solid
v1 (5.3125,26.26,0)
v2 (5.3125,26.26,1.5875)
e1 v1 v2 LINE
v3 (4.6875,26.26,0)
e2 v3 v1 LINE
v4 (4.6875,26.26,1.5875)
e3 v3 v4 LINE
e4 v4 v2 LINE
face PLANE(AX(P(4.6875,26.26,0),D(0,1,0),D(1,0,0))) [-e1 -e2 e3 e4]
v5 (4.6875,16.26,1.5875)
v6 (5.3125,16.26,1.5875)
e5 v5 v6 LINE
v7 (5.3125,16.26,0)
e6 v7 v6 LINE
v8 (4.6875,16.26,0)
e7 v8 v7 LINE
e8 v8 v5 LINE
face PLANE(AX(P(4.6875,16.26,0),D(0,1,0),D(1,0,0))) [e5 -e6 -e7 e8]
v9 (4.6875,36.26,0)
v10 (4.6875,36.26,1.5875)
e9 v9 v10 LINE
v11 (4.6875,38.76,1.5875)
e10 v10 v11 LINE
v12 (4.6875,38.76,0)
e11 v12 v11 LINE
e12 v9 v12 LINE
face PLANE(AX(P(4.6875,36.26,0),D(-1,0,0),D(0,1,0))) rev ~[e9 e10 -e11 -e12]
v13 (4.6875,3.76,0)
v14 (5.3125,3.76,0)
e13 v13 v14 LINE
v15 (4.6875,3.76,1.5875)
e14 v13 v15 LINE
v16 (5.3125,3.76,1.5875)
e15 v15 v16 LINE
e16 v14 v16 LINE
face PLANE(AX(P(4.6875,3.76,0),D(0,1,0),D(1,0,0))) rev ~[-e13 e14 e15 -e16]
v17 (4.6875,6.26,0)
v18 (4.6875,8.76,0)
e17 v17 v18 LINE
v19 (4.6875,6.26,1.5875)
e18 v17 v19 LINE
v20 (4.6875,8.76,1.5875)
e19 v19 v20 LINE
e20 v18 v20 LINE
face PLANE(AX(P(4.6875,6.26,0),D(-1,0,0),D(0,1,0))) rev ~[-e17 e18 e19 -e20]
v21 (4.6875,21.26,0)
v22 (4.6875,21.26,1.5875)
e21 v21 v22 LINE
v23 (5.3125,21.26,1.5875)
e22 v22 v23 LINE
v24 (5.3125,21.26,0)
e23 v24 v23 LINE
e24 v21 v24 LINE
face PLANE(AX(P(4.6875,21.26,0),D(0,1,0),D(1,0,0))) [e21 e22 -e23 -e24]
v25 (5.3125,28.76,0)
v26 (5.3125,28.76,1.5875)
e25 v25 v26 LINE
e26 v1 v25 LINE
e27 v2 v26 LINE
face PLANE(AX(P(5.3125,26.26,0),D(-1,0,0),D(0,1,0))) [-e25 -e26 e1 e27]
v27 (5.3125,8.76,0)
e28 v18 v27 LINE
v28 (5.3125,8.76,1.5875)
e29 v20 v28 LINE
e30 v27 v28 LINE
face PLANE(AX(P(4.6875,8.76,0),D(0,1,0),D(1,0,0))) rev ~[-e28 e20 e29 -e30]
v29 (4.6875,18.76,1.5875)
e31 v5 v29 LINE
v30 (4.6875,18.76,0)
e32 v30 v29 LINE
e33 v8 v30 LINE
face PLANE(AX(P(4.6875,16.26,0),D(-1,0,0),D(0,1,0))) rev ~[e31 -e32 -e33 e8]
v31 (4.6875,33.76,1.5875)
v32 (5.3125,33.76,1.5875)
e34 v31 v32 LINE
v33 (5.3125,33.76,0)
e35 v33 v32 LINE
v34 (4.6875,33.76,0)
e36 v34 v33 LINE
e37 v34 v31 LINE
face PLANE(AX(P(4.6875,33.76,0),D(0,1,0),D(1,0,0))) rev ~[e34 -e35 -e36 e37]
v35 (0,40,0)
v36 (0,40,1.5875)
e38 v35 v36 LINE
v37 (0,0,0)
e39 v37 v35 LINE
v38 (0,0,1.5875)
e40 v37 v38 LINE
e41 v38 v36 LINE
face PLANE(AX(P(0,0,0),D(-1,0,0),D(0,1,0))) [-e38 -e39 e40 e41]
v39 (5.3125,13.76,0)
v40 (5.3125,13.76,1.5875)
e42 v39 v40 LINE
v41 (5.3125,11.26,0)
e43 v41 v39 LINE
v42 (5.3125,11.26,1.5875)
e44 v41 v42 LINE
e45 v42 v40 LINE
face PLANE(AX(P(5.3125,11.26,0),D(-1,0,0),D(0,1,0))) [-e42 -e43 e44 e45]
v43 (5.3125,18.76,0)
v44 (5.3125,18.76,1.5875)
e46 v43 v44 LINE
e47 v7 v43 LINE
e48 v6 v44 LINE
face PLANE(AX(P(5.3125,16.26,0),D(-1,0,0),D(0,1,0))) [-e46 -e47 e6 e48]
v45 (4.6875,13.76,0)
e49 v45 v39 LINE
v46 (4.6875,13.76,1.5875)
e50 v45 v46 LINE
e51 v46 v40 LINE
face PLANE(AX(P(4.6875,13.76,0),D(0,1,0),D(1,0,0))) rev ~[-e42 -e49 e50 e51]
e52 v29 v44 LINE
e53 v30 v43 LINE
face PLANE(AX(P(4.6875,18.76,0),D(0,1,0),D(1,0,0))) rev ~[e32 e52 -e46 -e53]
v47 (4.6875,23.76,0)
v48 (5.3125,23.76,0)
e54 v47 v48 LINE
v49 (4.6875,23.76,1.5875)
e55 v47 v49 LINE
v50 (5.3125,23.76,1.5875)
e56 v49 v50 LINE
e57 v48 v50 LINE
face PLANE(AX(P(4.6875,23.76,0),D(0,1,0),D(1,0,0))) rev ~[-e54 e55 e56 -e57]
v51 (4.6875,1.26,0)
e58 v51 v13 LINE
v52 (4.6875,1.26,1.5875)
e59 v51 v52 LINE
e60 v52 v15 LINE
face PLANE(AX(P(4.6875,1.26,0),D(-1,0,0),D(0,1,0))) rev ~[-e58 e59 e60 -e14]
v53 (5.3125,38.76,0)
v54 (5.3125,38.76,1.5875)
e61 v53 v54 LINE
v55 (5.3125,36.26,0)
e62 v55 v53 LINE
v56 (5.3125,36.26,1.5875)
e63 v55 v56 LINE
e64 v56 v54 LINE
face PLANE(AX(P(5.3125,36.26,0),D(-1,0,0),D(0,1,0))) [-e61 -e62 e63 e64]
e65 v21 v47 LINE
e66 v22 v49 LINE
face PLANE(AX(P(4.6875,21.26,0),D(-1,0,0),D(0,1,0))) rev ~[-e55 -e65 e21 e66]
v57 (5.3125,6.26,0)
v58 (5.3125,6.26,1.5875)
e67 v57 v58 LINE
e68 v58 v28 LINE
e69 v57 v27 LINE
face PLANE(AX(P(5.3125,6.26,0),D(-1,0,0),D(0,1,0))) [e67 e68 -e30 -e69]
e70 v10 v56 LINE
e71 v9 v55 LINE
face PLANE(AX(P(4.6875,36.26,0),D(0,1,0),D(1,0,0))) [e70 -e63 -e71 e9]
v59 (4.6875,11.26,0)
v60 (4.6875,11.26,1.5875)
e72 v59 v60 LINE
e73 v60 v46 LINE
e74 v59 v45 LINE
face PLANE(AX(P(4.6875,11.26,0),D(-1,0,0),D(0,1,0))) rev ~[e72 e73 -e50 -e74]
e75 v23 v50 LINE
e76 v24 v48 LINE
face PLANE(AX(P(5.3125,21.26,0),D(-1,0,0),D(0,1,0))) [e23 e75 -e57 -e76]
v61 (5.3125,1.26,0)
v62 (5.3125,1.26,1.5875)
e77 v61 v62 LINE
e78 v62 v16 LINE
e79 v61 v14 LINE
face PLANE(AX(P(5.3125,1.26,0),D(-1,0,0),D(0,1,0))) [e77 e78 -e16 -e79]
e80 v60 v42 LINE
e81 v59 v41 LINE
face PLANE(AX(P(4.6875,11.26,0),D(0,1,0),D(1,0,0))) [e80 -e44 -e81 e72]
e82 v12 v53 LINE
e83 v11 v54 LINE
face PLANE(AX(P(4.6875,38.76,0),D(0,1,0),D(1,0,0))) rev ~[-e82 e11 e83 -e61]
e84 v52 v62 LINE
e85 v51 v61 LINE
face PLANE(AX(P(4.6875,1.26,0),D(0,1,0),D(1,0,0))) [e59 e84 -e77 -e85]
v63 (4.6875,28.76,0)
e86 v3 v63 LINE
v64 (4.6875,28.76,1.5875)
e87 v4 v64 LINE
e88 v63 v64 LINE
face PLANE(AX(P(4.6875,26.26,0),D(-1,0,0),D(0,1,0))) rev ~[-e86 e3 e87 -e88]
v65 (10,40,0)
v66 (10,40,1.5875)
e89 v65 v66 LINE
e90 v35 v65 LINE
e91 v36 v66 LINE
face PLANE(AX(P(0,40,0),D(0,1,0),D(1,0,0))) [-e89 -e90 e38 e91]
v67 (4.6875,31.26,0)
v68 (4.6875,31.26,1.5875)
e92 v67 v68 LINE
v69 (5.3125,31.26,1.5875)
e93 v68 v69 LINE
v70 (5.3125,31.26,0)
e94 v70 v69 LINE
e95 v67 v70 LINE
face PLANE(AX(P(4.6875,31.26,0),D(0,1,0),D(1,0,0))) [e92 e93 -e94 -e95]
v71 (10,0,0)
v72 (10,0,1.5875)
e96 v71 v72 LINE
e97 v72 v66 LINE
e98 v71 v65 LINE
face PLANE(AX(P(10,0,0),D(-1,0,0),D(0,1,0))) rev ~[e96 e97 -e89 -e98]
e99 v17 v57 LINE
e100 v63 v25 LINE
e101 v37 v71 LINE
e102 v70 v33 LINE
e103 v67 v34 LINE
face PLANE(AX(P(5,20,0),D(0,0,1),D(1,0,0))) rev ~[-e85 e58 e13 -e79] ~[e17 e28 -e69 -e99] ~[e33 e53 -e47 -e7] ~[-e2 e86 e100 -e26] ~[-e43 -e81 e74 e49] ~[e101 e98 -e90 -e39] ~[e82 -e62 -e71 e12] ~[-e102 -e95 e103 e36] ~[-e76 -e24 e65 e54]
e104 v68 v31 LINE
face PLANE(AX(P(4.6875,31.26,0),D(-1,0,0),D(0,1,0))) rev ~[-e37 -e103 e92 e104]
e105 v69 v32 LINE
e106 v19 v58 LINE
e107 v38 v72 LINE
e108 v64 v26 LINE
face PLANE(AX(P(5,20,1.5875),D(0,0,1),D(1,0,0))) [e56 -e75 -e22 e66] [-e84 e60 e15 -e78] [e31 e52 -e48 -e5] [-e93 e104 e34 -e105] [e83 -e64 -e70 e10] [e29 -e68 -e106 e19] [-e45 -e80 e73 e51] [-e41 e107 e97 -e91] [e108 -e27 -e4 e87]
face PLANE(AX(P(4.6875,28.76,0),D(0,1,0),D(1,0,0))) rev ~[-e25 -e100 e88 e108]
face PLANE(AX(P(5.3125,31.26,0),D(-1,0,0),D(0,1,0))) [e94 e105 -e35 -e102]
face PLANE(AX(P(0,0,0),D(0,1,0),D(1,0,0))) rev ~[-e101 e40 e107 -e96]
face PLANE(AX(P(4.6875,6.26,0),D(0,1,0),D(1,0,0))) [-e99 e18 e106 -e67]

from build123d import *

# Parameters (mm, degrees)
SKETCH1_W           = 10
SKETCH1_H           = 40
SKETCH1_W_2         = 0.625
SKETCH1_H_2         = 2.5
BOSS_EXTRUDE2_DEPTH = 1.5875


with BuildPart() as part:
    # Sketch1 → Boss-Extrude2 (new body)
    with BuildSketch(Plane.XY):
        with Locations((5, 20)):
            Rectangle(SKETCH1_W, SKETCH1_H)
        with Locations((5, 32.51)):
            Rectangle(SKETCH1_W_2, SKETCH1_H_2, mode=Mode.SUBTRACT)
        with Locations((5, 27.51)):
            Rectangle(SKETCH1_W_2, SKETCH1_H_2, mode=Mode.SUBTRACT)
        with Locations((5, 22.51)):
            Rectangle(SKETCH1_W_2, SKETCH1_H_2, mode=Mode.SUBTRACT)
        with Locations((5, 17.51)):
            Rectangle(SKETCH1_W_2, SKETCH1_H_2, mode=Mode.SUBTRACT)
        with Locations((5, 12.51)):
            Rectangle(SKETCH1_W_2, SKETCH1_H_2, mode=Mode.SUBTRACT)
        with Locations((5, 7.51)):
            Rectangle(SKETCH1_W_2, SKETCH1_H_2, mode=Mode.SUBTRACT)
        with Locations((5, 2.51)):
            Rectangle(SKETCH1_W_2, SKETCH1_H_2, mode=Mode.SUBTRACT)
        with Locations((5, 37.51)):
            Rectangle(SKETCH1_W_2, SKETCH1_H_2, mode=Mode.SUBTRACT)
    extrude(amount=BOSS_EXTRUDE2_DEPTH)


solid = part.part
